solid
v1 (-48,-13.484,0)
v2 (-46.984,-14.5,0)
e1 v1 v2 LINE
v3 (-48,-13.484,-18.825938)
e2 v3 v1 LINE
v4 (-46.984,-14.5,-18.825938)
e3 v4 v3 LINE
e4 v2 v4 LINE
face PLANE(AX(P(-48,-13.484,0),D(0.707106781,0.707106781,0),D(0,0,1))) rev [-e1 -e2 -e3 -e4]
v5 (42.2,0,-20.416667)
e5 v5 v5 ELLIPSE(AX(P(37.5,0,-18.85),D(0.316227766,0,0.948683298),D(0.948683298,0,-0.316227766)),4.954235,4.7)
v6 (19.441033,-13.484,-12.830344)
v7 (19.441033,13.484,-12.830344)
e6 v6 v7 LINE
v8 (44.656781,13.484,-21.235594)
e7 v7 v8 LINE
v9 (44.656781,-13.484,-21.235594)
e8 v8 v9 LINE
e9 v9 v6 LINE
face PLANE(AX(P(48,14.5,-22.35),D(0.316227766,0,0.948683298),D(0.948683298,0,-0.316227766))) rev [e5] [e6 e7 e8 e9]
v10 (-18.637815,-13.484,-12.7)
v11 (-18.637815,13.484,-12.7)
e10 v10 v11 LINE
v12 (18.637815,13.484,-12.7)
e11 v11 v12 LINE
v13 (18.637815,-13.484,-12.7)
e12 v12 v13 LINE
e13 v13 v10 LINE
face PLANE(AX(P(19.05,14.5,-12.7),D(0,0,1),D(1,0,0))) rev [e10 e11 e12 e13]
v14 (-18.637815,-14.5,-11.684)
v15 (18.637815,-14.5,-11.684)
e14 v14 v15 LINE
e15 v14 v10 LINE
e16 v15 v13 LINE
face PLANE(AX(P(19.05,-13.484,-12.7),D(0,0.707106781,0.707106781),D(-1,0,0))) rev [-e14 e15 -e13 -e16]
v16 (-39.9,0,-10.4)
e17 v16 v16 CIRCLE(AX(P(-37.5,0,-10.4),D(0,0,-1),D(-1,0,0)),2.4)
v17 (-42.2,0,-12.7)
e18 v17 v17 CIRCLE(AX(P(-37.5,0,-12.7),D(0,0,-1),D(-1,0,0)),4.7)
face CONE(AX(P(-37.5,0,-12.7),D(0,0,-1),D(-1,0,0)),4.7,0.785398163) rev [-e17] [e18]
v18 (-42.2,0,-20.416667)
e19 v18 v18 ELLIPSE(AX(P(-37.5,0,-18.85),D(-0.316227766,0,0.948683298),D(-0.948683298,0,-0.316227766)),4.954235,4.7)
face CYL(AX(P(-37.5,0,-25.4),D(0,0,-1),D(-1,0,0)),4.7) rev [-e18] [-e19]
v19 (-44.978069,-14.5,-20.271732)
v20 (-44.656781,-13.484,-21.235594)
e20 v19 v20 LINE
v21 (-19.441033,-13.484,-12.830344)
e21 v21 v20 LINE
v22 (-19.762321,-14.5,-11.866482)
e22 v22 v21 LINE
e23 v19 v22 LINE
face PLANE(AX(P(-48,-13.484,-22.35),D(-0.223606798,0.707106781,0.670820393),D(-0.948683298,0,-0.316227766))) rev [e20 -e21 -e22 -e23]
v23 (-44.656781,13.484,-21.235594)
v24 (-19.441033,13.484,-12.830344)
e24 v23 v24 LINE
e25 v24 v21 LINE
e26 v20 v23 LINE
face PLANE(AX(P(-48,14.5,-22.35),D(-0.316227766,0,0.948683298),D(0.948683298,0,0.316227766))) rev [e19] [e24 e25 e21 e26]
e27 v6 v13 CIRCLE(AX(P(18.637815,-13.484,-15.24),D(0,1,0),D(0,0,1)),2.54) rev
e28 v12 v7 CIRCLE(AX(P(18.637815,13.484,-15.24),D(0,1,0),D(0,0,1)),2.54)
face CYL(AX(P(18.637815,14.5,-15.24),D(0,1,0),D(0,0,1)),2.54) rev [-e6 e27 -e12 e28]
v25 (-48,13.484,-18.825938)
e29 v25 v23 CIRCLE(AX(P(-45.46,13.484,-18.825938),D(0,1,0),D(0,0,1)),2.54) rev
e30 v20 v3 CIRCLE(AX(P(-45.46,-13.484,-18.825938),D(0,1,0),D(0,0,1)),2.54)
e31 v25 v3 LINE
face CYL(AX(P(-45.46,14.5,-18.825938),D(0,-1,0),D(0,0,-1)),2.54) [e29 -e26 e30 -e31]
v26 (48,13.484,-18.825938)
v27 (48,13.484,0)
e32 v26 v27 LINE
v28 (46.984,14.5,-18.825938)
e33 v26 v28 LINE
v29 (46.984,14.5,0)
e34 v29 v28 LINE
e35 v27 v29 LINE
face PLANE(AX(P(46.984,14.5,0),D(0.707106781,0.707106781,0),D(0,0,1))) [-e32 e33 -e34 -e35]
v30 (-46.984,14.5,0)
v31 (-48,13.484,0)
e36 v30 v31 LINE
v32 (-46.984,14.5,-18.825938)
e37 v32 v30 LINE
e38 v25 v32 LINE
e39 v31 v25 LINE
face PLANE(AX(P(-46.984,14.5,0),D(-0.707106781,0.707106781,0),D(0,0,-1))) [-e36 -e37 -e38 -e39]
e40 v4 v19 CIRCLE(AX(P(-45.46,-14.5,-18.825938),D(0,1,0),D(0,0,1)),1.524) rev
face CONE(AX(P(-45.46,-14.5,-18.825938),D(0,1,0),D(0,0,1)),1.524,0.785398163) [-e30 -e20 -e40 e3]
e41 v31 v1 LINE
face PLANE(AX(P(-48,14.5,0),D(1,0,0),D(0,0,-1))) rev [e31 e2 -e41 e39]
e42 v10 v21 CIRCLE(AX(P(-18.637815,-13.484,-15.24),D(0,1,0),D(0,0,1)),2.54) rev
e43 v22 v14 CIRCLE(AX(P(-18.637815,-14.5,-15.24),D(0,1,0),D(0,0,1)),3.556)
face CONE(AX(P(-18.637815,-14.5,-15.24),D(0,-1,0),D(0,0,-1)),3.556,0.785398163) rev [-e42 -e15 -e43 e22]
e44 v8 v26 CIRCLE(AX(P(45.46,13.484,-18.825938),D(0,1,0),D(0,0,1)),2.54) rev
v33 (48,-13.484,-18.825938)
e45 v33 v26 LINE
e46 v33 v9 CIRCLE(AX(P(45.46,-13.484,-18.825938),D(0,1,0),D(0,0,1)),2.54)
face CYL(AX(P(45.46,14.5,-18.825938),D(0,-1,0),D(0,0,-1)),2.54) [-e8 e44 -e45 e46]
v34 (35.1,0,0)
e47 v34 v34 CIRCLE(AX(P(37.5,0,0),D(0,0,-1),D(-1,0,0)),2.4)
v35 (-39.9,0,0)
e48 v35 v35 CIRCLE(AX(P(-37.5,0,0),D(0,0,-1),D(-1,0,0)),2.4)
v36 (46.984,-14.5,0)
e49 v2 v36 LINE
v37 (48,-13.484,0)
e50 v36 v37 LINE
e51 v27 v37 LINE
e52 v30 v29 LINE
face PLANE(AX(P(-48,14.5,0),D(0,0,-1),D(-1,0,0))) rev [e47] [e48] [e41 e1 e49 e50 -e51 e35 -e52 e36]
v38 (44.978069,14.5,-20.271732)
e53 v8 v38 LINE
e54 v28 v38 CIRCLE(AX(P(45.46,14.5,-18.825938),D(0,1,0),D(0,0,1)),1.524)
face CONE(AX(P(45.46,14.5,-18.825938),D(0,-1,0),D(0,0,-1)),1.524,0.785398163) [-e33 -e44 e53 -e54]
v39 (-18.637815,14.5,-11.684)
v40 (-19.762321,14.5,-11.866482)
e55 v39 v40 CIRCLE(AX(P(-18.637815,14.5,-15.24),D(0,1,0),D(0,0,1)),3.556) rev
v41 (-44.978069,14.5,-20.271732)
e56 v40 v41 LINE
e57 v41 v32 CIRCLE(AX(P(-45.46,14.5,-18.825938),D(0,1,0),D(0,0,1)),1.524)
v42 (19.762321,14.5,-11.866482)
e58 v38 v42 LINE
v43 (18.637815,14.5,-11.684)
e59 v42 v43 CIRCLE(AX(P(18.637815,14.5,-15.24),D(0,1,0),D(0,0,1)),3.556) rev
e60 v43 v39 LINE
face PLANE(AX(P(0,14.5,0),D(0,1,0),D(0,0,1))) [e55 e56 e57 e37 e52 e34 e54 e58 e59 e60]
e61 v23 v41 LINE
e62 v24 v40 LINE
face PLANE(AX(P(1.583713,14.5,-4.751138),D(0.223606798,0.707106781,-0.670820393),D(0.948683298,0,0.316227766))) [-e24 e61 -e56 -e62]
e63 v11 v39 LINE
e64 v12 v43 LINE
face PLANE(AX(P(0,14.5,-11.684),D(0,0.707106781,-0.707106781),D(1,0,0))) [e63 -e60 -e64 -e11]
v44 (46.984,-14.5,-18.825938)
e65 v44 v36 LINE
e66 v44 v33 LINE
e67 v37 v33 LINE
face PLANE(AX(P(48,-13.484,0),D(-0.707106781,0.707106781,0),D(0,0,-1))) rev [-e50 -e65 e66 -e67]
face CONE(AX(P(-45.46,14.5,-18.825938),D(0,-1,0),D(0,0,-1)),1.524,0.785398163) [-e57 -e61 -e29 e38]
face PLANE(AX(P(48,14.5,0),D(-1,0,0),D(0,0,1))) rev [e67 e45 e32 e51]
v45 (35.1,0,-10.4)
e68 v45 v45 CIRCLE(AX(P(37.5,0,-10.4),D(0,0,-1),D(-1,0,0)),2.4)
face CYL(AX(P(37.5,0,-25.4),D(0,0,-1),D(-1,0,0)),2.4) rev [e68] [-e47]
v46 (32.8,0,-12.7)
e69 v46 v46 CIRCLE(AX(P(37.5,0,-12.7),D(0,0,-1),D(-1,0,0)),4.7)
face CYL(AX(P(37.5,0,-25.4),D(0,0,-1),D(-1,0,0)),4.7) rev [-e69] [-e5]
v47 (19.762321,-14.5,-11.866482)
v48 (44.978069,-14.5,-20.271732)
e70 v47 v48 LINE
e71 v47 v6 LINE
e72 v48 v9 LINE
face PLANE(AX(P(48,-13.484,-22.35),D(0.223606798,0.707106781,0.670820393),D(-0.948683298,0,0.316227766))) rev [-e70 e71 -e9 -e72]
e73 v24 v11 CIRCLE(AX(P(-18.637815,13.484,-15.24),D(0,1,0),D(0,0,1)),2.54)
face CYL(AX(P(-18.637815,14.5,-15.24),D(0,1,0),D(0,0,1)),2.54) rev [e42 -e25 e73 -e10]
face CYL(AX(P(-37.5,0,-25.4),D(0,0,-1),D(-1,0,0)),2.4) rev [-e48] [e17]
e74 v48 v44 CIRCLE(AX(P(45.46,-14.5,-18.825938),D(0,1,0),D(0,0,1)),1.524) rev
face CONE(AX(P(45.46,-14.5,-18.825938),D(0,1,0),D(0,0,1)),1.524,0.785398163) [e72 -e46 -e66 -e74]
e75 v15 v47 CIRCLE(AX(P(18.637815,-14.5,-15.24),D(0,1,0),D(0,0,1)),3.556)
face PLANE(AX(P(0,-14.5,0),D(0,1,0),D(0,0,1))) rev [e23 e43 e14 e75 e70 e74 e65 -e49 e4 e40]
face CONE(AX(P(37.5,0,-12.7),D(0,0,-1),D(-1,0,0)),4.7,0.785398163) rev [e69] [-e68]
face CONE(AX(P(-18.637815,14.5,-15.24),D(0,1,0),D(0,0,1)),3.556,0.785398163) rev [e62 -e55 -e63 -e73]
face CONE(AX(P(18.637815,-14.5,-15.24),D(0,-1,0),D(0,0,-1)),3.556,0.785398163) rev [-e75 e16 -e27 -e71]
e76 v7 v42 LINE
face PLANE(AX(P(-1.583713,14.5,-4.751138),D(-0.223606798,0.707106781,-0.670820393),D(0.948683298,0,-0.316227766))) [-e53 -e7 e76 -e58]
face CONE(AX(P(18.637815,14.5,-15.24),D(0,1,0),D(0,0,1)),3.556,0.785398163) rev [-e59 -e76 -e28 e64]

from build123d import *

# Parameters (mm, degrees)
BOSS_EXTRUDE1_DEPTH                            = 14.5
CSK_FOR_M4_FLAT_HEAD_MACHINE_SCREW1_AT_2_COUNT = 2
CSK_FOR_M4_FLAT_HEAD_MACHINE_SCREW1_AT_2_PITCH = 75
FILLET1_R                                      = 2.54
CHAMFER1_SIZE                                  = 1.016


with BuildPart() as part:
    # Sketch1 → Boss-Extrude1 (new, symmetric)
    with BuildSketch(Plane(origin=(0, 0, 0), x_dir=(1, 0, 0), z_dir=(0, 1, 0))):
        Polygon((-48, 0), (48, 0), (48, 22.35), (19.05, 12.7), (-19.05, 12.7), (-48, 22.35), align=None)
    extrude(amount=BOSS_EXTRUDE1_DEPTH, both=True)

    # Sketch5 → CSK for M4 Flat Head Machine Screw1 (revolve, cut)
    with BuildSketch(Plane(origin=(-37.5, 0, -25.4), x_dir=(0, 1, 0), z_dir=(1, 0, 0))):
        Polygon((0, 0), (0, 25.4), (2.4, 25.4), (2.4, 15), (4.7, 12.7), (4.7, 0), align=None)
    csk_for_m4_flat_head_machine_screw1 = revolve(axis=Axis((-37.5, 0, -31.75), (0, 0, 1)), mode=Mode.SUBTRACT)

    # CSK for M4 Flat Head Machine Screw1 at 2: CSK for M4 Flat Head Machine Screw1 ×2
    with Locations(*[(i * CSK_FOR_M4_FLAT_HEAD_MACHINE_SCREW1_AT_2_PITCH, 0, 0) for i in range(1, CSK_FOR_M4_FLAT_HEAD_MACHINE_SCREW1_AT_2_COUNT)]):
        add(csk_for_m4_flat_head_machine_screw1, mode=Mode.SUBTRACT)

    # Fillet1
    fillet1_edges = [part.edges().sort_by_distance(p)[0] for p in [
        (-48, 0, -22.35),
        (-19.05, 0, -12.7),
        (19.05, 0, -12.7),
        (48, 0, -22.35),
    ]]
    fillet(fillet1_edges, radius=FILLET1_R)

    # Chamfer1
    chamfer1_edges = [part.edges().sort_by_distance(p)[0] for p in [
        (-48, -14.5, -9.412969124),
        (-48, 14.5, -9.412969124),
        (-32.048907372, -14.5, -17.032969124),
        (0, -14.5, -12.7),
        (32.048907372, -14.5, -17.032969124),
        (46.945164123, -14.5, -20.886493398),
        (-46.945164123, -14.5, -20.886493398),
        (-32.048907372, 14.5, -17.032969124),
        (32.048907372, 14.5, -17.032969124),
        (0, 14.5, -12.7),
        (46.945164123, 14.5, -20.886493398),
        (-46.945164123, 14.5, -20.886493398),
        (-19.04467764, -14.5, -12.732797858),
        (-19.04467764, 14.5, -12.732797858),
        (19.04467764, -14.5, -12.732797858),
        (19.04467764, 14.5, -12.732797858),
        (48, 14.5, -9.412969124),
        (48, -14.5, -9.412969124),
    ]]
    chamfer(chamfer1_edges, length=CHAMFER1_SIZE)


solid = part.part
